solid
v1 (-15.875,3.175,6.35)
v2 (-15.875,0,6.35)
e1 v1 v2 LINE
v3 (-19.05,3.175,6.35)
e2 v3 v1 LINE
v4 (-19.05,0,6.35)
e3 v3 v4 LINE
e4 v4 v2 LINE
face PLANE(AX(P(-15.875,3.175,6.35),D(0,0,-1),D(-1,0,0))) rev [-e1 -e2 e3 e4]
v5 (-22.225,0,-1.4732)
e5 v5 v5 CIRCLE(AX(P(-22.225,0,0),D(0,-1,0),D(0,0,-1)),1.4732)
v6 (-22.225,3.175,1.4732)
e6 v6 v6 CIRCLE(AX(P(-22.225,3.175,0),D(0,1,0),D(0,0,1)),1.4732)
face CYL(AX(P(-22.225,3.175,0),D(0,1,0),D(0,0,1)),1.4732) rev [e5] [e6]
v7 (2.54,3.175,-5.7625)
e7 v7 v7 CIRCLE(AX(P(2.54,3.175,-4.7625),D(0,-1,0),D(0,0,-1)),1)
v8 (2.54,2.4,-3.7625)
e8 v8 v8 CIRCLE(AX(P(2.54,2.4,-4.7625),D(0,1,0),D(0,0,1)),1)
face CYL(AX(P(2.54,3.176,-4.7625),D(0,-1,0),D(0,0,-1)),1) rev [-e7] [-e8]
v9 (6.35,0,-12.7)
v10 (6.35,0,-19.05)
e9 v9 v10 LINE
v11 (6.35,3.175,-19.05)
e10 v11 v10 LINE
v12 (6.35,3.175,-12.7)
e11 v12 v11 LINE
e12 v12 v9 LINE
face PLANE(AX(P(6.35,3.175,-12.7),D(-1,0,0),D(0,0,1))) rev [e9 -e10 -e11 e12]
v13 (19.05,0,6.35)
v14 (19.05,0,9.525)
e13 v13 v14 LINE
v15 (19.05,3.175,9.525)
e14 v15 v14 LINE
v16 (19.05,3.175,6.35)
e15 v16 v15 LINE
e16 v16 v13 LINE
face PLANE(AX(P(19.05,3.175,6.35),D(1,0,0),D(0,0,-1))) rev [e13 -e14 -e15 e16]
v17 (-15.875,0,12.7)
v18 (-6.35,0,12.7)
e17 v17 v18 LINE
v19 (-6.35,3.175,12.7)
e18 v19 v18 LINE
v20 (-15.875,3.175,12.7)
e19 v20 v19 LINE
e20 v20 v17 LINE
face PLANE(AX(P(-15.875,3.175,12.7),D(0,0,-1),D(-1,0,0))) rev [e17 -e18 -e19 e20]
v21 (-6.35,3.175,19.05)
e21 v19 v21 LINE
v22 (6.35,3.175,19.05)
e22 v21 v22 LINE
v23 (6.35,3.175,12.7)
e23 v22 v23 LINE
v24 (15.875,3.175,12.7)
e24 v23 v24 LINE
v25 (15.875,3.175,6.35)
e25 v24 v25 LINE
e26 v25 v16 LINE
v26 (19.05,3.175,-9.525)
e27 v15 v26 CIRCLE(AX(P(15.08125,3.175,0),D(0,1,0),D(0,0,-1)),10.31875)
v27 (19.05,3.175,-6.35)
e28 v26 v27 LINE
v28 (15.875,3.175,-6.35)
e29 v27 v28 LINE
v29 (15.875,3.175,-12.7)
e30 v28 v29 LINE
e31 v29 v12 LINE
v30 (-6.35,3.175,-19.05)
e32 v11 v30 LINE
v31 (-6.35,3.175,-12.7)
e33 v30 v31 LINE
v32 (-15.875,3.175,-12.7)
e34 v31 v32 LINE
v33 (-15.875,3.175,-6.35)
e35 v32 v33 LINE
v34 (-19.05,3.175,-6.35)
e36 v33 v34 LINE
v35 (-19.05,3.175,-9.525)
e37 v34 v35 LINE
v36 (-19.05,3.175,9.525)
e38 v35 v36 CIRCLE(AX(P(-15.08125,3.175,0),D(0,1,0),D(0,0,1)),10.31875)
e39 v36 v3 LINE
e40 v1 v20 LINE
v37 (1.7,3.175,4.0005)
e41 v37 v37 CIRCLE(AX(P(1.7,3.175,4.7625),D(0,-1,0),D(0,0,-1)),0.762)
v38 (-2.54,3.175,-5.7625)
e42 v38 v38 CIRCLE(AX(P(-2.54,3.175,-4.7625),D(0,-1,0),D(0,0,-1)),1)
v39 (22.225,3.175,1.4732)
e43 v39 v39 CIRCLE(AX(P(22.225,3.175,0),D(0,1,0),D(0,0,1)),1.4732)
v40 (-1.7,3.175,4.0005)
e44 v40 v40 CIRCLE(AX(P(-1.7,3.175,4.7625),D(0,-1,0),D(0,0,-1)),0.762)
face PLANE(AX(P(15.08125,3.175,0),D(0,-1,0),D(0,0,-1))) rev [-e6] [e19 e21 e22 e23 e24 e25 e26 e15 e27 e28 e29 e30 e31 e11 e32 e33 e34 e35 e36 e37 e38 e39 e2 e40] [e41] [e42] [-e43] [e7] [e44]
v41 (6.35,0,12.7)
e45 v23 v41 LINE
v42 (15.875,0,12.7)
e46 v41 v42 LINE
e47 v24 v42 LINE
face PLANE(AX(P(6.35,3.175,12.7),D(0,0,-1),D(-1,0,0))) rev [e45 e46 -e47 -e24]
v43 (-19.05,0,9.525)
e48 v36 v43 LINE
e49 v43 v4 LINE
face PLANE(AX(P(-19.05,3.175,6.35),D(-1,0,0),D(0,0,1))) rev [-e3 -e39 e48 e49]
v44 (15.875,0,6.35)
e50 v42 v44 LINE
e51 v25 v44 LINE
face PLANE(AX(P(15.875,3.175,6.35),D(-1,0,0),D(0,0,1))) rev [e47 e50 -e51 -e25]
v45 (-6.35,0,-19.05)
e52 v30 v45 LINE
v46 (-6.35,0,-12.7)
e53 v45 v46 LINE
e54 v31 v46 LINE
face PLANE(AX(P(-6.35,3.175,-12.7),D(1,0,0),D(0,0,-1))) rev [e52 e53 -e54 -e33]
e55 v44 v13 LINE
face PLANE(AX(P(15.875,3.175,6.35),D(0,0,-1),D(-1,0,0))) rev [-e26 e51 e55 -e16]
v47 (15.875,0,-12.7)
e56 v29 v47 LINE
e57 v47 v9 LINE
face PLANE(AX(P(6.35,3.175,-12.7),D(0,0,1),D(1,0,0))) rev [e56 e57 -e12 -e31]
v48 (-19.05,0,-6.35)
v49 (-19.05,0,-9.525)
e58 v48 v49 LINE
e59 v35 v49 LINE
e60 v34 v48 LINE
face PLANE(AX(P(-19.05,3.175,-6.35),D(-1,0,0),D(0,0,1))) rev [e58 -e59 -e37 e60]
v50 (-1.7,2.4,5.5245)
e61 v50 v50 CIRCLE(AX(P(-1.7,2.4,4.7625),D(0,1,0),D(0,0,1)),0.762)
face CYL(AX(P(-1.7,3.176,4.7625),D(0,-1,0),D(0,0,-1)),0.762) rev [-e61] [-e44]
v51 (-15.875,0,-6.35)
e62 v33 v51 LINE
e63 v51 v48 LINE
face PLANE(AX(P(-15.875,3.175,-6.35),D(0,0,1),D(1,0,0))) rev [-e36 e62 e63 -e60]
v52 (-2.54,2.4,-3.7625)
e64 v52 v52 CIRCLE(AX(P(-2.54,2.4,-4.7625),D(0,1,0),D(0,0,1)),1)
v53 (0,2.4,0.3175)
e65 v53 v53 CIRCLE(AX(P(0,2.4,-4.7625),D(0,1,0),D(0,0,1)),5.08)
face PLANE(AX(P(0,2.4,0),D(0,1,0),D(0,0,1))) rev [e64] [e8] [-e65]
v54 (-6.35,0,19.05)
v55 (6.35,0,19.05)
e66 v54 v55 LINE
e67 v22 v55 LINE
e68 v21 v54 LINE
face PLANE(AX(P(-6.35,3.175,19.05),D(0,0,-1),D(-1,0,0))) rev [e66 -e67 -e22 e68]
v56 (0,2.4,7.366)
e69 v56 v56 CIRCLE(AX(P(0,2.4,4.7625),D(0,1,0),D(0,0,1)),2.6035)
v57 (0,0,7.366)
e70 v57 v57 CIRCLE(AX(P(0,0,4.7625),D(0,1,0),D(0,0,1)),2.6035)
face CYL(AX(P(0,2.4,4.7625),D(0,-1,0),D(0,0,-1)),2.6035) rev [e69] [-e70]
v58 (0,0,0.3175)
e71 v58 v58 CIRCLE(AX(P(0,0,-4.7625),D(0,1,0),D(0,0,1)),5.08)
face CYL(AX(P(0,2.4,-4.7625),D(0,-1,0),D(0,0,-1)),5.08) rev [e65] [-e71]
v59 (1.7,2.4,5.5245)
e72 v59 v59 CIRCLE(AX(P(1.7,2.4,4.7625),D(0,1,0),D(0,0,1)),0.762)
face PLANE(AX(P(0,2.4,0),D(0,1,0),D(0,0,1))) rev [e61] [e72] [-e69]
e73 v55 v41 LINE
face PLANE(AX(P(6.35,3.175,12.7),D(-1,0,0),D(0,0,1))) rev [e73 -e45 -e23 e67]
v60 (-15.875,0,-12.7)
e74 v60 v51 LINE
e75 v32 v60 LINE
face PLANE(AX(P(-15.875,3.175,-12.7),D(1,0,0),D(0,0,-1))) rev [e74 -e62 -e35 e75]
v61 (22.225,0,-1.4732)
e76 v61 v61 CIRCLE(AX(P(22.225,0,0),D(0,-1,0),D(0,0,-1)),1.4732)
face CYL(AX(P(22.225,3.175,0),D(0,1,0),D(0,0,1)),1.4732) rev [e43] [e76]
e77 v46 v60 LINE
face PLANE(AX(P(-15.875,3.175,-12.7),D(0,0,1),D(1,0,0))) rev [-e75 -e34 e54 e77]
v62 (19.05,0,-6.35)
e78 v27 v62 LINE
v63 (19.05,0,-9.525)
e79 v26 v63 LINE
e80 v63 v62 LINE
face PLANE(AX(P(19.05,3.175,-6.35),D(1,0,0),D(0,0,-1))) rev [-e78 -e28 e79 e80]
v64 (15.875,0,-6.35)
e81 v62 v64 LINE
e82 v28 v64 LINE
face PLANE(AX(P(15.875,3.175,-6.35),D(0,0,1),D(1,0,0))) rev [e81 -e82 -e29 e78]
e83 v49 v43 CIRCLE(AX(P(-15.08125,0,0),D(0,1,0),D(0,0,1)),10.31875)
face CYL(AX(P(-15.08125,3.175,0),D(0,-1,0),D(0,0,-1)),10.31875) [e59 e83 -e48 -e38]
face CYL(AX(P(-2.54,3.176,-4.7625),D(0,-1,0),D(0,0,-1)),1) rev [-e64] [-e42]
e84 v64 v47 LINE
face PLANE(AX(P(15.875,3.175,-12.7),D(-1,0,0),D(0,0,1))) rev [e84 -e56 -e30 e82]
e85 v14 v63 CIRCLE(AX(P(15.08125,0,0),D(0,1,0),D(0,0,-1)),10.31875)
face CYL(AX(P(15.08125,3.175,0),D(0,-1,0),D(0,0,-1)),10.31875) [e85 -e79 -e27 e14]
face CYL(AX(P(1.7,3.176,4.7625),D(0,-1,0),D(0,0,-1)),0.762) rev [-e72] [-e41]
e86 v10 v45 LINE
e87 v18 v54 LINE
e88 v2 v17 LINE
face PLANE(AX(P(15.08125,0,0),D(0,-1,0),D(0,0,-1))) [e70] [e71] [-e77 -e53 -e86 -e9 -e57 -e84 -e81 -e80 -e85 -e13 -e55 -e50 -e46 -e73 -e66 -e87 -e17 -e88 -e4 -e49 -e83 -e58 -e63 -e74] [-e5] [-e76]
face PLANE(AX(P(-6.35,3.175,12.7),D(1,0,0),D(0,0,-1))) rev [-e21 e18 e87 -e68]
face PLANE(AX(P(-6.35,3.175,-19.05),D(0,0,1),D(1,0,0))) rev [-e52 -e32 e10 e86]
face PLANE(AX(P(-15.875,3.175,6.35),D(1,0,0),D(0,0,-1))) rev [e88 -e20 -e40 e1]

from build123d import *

# Parameters (mm, degrees)
BOSS_EXTRUDE1_DEPTH       = 3.175
F_4_CLEARANCE_HOLE1_D     = 2.9464
F_4_CLEARANCE_HOLE1_DEPTH = 6.35
F_4_CLEARANCE_HOLE1_TIP   = 0.885187864
CUT_EXTRUDE3_REACH        = 33.908
SKETCH4_R                 = 0.762
SKETCH4_R_2               = 1
SKETCH4_3_R               = 5.08
SKETCH4_3_R_2             = 1
SKETCH4_3_R_3             = 2.6035
SKETCH4_3_R_4             = 0.762
CUT_EXTRUDE4_DEPTH        = 2.4


with BuildPart() as part:
    # Sketch1 → Boss-Extrude1 (new body)
    with BuildSketch(Plane(origin=(0, 0, 0), x_dir=(1, 0, 0), z_dir=(0, 1, 0))):
        with BuildLine():
            Line((-15.875, 12.7), (-6.35, 12.7))
            Line((-6.35, 12.7), (-6.35, 19.05))
            Line((-6.35, 19.05), (6.35, 19.05))
            Line((6.35, 19.05), (6.35, 12.7))
            Line((6.35, 12.7), (15.875, 12.7))
            Line((15.875, 12.7), (15.875, 6.35))
            Line((15.875, 6.35), (19.05, 6.35))
            Line((19.05, 6.35), (19.05, 9.525))
            ThreePointArc((19.05, 9.525), (25.4, 0), (19.05, -9.525))
            Line((19.05, -9.525), (19.05, -6.35))
            Line((19.05, -6.35), (15.875, -6.35))
            Line((15.875, -6.35), (15.875, -12.7))
            Line((15.875, -12.7), (6.35, -12.7))
            Line((6.35, -12.7), (6.35, -19.05))
            Line((6.35, -19.05), (-6.35, -19.05))
            Line((-6.35, -19.05), (-6.35, -12.7))
            Line((-6.35, -12.7), (-15.875, -12.7))
            Line((-15.875, -12.7), (-15.875, -6.35))
            Line((-15.875, -6.35), (-19.05, -6.35))
            Line((-19.05, -6.35), (-19.05, -9.525))
            ThreePointArc((-19.05, -9.525), (-25.4, 0), (-19.05, 9.525))
            Line((-19.05, 9.525), (-19.05, 6.35))
            Line((-19.05, 6.35), (-15.875, 6.35))
            Line((-15.875, 6.35), (-15.875, 12.7))
        make_face()
    extrude(amount=BOSS_EXTRUDE1_DEPTH)

    # #4 Clearance Hole1
    with Locations(Plane(origin=(0, 3.175, 0), x_dir=(-1, 0, 0), z_dir=(0, 1, 0))):
        with Locations((-22.225, 0), (22.225, 0)):
            Hole(F_4_CLEARANCE_HOLE1_D / 2, depth=F_4_CLEARANCE_HOLE1_DEPTH)
            with Locations((0, 0, -(F_4_CLEARANCE_HOLE1_DEPTH + F_4_CLEARANCE_HOLE1_TIP / 2))):  # 118° drill point
                Cone(0, F_4_CLEARANCE_HOLE1_D / 2, F_4_CLEARANCE_HOLE1_TIP, mode=Mode.SUBTRACT)

    # Sketch4 → Cut-Extrude3 (cut, up to next)
    with BuildSketch(Plane(origin=(0, 0, 0), x_dir=(1, 0, 0), z_dir=(0, 1, 0)), mode=Mode.PRIVATE) as cut_extrude3_sk1:
        with Locations((-1.7, -4.7625)):
            Circle(SKETCH4_R)
    cut_extrude3_tool1 = extrude(cut_extrude3_sk1.sketch, amount=CUT_EXTRUDE3_REACH, mode=Mode.PRIVATE) & part.part
    # Sketch4 → Cut-Extrude3 (cut, up to next)
    with BuildSketch(Plane(origin=(0, 0, 0), x_dir=(1, 0, 0), z_dir=(0, 1, 0)), mode=Mode.PRIVATE) as cut_extrude3_sk2:
        with Locations((1.7, -4.7625)):
            Circle(SKETCH4_R)
    cut_extrude3_tool2 = extrude(cut_extrude3_sk2.sketch, amount=CUT_EXTRUDE3_REACH, mode=Mode.PRIVATE) & part.part
    # Sketch4 → Cut-Extrude3 (cut, up to next)
    with BuildSketch(Plane(origin=(0, 0, 0), x_dir=(1, 0, 0), z_dir=(0, 1, 0)), mode=Mode.PRIVATE) as cut_extrude3_sk3:
        with Locations((-2.54, 4.7625)):
            Circle(SKETCH4_R_2)
    cut_extrude3_tool3 = extrude(cut_extrude3_sk3.sketch, amount=CUT_EXTRUDE3_REACH, mode=Mode.PRIVATE) & part.part
    # Sketch4 → Cut-Extrude3 (cut, up to next)
    with BuildSketch(Plane(origin=(0, 0, 0), x_dir=(1, 0, 0), z_dir=(0, 1, 0)), mode=Mode.PRIVATE) as cut_extrude3_sk4:
        with Locations((2.54, 4.7625)):
            Circle(SKETCH4_R_2)
    cut_extrude3_tool4 = extrude(cut_extrude3_sk4.sketch, amount=CUT_EXTRUDE3_REACH, mode=Mode.PRIVATE) & part.part
    add(cut_extrude3_tool1.solids().sort_by_distance((-1.7, 0, 4.7625))[0], mode=Mode.SUBTRACT)
    add(cut_extrude3_tool2.solids().sort_by_distance((1.7, 0, 4.7625))[0], mode=Mode.SUBTRACT)
    add(cut_extrude3_tool3.solids().sort_by_distance((-2.54, 0, -4.7625))[0], mode=Mode.SUBTRACT)
    add(cut_extrude3_tool4.solids().sort_by_distance((2.54, 0, -4.7625))[0], mode=Mode.SUBTRACT)

    # Sketch4<3> → Cut-Extrude4 (cut)
    # profile 1 of 2: a face of its own
    with BuildSketch(Plane(origin=(0, 0, 0), x_dir=(1, 0, 0), z_dir=(0, 1, 0))):
        with Locations((0, 4.7625)):
            Circle(SKETCH4_3_R)
        with Locations((-2.54, 4.7625)):
            Circle(SKETCH4_3_R_2, mode=Mode.SUBTRACT)
        with Locations((2.54, 4.7625)):
            Circle(SKETCH4_3_R_2, mode=Mode.SUBTRACT)
    # profile 2 of 2: a face of its own
    with BuildSketch(Plane(origin=(0, 0, 0), x_dir=(1, 0, 0), z_dir=(0, 1, 0))):
        with Locations((0, -4.7625)):
            Circle(SKETCH4_3_R_3)
        with Locations((-1.7, -4.7625)):
            Circle(SKETCH4_3_R_4, mode=Mode.SUBTRACT)
    extrude(amount=CUT_EXTRUDE4_DEPTH, mode=Mode.SUBTRACT)


solid = part.part
